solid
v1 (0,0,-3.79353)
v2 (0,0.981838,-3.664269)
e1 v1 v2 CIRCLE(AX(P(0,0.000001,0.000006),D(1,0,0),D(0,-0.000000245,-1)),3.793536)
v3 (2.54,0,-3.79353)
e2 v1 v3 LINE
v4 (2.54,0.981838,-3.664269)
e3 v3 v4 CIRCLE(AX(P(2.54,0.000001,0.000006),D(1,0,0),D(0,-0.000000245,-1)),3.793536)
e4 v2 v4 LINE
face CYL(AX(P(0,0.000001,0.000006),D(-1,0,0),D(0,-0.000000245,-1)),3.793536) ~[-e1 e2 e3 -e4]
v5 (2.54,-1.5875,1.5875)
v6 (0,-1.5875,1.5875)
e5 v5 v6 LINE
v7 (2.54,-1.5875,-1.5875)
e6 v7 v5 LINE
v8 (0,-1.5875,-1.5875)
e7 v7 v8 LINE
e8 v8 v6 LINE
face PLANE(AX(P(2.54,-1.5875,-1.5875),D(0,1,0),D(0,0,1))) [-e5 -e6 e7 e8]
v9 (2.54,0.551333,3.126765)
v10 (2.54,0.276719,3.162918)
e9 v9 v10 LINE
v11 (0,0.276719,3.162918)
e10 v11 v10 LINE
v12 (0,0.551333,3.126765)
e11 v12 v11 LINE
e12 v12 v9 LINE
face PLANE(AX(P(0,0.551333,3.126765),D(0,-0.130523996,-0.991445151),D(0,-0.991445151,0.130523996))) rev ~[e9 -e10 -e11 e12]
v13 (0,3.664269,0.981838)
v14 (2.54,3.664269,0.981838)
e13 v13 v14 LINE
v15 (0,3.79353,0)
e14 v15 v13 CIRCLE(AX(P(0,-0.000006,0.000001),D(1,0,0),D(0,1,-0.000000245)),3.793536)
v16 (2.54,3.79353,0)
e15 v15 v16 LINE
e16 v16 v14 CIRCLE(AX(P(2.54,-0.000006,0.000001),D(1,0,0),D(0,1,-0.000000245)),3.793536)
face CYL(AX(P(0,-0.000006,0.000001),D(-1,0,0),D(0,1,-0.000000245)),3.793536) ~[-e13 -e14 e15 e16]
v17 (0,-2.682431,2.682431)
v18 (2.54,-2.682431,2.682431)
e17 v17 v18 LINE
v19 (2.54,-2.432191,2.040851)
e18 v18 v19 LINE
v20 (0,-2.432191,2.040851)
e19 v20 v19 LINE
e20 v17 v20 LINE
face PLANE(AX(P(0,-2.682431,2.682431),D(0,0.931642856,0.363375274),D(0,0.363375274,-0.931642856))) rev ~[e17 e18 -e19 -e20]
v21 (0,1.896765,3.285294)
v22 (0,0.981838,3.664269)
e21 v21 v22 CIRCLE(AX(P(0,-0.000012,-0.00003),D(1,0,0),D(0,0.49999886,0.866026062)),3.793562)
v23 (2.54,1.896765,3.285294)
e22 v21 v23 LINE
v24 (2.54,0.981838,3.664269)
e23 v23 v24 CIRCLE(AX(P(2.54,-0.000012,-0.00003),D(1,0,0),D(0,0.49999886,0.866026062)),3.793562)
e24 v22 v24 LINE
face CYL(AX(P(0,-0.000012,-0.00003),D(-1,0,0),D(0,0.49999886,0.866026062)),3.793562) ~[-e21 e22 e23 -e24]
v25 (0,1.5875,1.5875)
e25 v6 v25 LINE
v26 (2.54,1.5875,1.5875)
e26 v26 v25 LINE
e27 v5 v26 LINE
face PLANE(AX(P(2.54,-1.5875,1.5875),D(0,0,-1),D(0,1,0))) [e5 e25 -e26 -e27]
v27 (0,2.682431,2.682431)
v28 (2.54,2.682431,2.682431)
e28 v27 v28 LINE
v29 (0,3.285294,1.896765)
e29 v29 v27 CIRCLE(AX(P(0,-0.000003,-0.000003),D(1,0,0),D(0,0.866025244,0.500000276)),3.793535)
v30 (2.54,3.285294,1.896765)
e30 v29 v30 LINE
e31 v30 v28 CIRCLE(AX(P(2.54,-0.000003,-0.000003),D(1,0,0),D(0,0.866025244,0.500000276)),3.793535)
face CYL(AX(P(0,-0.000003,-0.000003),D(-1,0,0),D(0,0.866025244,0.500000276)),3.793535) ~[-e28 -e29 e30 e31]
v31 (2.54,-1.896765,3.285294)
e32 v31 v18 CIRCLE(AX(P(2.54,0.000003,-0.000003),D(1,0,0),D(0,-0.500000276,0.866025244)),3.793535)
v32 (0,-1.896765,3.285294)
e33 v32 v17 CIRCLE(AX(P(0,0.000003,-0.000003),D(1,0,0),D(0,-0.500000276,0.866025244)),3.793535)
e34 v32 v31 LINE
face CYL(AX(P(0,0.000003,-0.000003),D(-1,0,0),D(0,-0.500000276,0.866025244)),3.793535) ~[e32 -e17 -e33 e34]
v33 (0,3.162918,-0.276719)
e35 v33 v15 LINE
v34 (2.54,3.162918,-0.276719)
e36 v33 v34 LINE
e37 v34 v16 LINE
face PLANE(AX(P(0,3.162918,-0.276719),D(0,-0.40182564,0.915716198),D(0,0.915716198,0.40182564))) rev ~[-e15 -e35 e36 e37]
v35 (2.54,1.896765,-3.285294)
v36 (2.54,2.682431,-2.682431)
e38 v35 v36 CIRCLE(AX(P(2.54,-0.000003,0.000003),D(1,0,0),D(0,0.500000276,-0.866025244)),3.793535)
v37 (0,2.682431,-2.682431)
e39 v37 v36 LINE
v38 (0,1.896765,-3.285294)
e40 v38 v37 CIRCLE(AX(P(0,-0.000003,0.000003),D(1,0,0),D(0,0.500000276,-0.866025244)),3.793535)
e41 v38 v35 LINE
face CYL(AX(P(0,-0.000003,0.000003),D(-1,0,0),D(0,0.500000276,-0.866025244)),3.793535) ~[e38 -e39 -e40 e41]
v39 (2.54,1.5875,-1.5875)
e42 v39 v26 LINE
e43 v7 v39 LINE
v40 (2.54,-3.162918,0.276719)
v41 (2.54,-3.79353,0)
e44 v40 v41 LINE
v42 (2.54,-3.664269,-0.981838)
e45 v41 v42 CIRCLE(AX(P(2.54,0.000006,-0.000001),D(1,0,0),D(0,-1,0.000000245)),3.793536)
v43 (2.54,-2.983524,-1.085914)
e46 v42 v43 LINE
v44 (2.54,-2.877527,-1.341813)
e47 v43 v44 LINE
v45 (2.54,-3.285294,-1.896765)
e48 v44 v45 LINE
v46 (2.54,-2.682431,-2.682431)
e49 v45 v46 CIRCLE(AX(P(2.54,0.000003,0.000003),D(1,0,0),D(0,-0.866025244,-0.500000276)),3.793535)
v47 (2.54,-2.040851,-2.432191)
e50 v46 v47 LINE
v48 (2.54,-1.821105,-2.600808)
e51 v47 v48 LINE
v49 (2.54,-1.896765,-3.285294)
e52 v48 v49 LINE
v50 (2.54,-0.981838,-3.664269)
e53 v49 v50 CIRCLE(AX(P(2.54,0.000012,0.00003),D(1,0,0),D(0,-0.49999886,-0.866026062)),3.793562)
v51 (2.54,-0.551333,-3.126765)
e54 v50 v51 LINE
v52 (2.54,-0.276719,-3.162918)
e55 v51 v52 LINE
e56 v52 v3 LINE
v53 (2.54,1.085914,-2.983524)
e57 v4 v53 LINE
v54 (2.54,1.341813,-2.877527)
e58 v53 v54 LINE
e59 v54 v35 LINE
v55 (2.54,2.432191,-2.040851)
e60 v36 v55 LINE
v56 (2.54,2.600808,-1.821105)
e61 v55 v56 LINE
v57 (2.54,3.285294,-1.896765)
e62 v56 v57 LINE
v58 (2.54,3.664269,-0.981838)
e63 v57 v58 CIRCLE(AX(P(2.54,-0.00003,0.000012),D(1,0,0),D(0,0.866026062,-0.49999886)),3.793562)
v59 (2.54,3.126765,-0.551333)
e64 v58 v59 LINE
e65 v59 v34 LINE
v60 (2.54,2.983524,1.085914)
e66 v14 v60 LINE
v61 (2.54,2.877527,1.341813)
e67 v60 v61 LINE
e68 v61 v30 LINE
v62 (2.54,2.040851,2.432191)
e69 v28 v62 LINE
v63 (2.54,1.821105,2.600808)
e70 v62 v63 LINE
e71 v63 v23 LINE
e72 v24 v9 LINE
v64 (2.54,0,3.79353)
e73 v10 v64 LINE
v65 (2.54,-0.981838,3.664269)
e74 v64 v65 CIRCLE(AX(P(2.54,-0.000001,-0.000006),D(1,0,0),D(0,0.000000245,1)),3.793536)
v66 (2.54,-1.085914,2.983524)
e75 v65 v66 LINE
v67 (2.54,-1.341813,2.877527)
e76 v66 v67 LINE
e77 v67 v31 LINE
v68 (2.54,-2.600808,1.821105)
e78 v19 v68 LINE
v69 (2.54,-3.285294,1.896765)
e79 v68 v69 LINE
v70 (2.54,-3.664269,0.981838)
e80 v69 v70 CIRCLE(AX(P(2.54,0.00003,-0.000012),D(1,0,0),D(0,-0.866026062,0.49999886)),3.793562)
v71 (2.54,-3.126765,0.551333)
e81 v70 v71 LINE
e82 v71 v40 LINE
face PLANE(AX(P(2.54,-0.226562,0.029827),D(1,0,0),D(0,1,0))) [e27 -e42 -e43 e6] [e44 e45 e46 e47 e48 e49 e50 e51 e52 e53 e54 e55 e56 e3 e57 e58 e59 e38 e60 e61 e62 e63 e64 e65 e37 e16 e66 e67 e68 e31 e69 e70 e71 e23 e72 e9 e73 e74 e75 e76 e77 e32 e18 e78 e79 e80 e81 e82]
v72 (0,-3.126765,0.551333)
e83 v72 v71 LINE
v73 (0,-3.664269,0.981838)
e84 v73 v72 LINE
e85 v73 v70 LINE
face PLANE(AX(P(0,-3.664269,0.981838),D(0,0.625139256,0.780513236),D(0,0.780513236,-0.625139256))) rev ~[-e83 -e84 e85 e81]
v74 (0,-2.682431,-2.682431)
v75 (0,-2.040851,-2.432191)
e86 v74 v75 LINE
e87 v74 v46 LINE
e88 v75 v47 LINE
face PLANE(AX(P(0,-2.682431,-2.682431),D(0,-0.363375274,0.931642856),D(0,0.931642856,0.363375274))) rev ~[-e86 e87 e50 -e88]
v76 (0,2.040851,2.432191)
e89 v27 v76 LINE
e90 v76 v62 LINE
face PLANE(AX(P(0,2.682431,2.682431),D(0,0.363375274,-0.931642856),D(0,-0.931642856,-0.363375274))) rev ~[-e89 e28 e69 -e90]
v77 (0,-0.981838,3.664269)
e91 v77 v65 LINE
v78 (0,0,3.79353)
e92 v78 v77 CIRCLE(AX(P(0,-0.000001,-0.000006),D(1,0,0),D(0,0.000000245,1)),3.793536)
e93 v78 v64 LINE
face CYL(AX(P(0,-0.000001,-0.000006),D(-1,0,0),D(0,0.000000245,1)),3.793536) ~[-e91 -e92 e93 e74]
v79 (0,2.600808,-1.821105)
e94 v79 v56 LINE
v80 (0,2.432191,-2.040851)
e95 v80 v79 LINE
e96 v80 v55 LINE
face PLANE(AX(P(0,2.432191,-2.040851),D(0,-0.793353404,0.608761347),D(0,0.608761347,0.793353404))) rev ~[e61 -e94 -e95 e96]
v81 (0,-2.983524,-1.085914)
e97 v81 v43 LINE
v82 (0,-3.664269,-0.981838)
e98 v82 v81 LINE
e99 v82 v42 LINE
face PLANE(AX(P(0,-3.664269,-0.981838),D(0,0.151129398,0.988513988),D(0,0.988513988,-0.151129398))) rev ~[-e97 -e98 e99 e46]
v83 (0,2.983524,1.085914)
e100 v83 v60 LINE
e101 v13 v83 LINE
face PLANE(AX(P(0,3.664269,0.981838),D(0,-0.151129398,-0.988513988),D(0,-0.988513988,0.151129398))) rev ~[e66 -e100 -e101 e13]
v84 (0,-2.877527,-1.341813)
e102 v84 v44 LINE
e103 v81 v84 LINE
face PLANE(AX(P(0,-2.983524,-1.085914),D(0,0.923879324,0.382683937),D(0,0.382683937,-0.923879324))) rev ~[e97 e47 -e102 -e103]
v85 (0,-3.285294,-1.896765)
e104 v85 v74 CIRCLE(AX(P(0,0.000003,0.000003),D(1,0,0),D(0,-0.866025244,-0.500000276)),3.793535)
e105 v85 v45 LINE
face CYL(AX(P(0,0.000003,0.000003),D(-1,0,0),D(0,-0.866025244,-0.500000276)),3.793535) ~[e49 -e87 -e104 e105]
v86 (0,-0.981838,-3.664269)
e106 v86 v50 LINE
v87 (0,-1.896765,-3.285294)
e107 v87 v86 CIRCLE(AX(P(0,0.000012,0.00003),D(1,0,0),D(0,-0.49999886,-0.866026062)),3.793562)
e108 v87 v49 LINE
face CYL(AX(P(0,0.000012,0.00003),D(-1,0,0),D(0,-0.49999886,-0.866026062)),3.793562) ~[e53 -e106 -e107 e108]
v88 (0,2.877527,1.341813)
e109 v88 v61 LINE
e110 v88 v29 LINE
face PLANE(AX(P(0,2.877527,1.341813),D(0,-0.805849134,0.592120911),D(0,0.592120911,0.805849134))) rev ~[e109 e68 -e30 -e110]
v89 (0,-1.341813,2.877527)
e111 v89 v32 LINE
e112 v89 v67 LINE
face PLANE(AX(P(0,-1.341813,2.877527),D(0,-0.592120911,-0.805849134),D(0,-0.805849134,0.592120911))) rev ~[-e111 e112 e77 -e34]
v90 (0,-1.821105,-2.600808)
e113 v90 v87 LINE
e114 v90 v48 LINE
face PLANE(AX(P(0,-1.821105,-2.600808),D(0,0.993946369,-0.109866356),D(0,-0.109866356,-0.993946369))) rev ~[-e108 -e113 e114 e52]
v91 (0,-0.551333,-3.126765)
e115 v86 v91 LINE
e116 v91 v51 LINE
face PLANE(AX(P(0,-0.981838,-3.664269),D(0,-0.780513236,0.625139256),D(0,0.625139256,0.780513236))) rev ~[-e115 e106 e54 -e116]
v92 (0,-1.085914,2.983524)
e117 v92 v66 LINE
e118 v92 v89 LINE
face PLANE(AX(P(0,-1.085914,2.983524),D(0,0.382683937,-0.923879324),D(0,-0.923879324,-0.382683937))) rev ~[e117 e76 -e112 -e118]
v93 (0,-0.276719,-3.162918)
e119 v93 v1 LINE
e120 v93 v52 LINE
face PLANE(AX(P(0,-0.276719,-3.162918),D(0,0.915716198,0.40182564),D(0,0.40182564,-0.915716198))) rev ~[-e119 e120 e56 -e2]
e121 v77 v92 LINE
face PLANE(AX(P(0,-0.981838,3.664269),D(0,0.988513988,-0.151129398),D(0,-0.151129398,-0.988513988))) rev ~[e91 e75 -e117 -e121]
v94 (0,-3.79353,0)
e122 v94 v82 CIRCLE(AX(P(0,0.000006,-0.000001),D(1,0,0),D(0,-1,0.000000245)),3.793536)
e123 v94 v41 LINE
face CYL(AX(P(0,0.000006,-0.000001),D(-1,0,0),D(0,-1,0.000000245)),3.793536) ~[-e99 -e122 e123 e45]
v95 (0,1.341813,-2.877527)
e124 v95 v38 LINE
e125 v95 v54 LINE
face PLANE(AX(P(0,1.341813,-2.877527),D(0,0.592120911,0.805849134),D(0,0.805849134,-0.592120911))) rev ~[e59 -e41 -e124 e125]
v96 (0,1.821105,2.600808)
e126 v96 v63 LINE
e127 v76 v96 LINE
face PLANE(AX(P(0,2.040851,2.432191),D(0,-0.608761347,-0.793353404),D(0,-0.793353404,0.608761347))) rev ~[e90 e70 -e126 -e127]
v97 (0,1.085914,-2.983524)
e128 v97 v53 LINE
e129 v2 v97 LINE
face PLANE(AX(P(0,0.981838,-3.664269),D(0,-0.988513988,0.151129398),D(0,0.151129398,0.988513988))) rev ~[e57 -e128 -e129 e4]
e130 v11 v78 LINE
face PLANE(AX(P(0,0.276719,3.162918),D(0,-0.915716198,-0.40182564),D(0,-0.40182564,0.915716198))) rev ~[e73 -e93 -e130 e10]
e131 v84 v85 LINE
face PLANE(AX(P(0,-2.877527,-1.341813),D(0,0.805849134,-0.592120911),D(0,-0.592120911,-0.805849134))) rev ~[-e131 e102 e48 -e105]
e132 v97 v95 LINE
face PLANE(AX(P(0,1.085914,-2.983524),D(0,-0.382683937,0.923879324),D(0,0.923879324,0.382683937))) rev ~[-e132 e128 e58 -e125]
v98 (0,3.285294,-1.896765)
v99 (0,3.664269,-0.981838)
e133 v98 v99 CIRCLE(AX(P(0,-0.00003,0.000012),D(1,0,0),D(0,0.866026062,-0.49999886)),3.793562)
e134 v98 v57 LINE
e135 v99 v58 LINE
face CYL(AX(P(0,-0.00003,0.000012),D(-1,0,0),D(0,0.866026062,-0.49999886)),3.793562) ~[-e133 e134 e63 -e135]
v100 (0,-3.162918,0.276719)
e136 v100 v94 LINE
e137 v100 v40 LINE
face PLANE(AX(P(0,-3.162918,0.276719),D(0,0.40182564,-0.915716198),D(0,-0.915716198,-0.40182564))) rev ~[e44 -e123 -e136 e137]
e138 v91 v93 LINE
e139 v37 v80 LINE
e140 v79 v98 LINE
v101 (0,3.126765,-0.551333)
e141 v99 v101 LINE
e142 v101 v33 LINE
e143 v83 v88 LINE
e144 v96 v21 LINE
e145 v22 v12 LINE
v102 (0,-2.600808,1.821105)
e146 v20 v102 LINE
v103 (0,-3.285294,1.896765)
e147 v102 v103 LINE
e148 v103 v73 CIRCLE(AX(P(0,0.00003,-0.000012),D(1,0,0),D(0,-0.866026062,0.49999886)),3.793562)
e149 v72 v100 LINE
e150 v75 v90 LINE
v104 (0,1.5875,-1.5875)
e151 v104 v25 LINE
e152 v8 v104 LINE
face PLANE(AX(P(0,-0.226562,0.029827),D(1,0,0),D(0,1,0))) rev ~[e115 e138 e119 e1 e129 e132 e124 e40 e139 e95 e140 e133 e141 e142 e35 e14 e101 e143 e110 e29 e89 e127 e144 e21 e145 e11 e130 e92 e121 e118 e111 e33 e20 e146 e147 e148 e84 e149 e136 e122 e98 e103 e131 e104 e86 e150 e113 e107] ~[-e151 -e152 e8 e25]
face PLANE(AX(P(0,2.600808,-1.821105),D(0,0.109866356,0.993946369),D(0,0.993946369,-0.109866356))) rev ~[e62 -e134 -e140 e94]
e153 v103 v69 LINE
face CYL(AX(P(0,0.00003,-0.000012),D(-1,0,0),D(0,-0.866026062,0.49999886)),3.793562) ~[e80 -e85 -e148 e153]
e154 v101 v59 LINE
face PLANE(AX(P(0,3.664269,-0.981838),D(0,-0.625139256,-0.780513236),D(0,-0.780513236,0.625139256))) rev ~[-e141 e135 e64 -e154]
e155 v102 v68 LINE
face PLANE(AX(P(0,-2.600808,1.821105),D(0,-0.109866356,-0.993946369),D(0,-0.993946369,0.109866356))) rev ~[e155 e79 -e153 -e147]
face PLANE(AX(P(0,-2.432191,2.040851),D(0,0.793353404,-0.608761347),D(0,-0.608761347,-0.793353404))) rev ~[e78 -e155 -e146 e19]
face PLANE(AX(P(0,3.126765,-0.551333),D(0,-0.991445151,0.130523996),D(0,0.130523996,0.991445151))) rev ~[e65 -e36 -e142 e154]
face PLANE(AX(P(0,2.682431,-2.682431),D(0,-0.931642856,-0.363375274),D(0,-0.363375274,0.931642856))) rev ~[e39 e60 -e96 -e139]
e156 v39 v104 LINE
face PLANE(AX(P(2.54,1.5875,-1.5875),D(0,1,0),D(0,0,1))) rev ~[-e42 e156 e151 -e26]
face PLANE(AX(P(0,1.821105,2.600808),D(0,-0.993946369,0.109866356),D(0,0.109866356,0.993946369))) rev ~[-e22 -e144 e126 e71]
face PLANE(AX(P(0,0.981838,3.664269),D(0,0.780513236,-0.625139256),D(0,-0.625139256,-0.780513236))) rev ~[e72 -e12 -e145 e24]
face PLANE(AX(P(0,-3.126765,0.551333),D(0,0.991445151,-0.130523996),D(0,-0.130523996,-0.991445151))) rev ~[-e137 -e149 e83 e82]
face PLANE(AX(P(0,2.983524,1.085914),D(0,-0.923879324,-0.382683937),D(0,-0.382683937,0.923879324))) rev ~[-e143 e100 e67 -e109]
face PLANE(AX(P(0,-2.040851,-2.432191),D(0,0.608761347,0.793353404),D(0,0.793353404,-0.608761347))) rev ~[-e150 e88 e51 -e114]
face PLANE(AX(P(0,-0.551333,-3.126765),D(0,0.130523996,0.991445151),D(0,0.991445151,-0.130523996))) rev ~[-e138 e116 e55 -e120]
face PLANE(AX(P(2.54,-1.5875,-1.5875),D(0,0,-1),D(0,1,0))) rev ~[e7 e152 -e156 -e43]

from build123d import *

# Parameters (mm, degrees)
F1_DEPTH = 2.54
F2_W     = 3.175
F2_H     = 3.175
F3_DEPTH = 25.4


with BuildPart() as f1:
    # F0 (on Right) → F1 (new body)
    with BuildSketch(Plane.YZ):
        with BuildLine():
            Line((-3.664269, 0.981838), (0, 0))
            Line((0, 0), (-3.79353, 0))
            ThreePointArc((-3.79353, 0), (-3.761076, -0.495155), (-3.664269, -0.981838))
            Line((-3.664269, -0.981838), (-2.983524, -1.085914))
            Line((-2.983524, -1.085914), (-2.877527, -1.341813))
            Line((-2.877527, -1.341813), (-3.285294, -1.896765))
            ThreePointArc((-3.285294, -1.896765), (-3.00961, -2.309355), (-2.682431, -2.682431))
            Line((-2.682431, -2.682431), (-2.040851, -2.432191))
            Line((-2.040851, -2.432191), (-1.821105, -2.600808))
            Line((-1.821105, -2.600808), (-1.896765, -3.285294))
            ThreePointArc((-1.896765, -3.285294), (-1.451721, -3.504765), (-0.981838, -3.664269))
            Line((-0.981838, -3.664269), (-0.551333, -3.126765))
            Line((-0.551333, -3.126765), (-0.276719, -3.162918))
            Line((-0.276719, -3.162918), (0, -3.79353))
            ThreePointArc((0, -3.79353), (0.495155, -3.761076), (0.981838, -3.664269))
            Line((0.981838, -3.664269), (1.085914, -2.983524))
            Line((1.085914, -2.983524), (1.341813, -2.877527))
            Line((1.341813, -2.877527), (1.896765, -3.285294))
            ThreePointArc((1.896765, -3.285294), (2.309355, -3.00961), (2.682431, -2.682431))
            Line((2.682431, -2.682431), (2.432191, -2.040851))
            Line((2.432191, -2.040851), (2.600808, -1.821105))
            Line((2.600808, -1.821105), (3.285294, -1.896765))
            ThreePointArc((3.285294, -1.896765), (3.504765, -1.451721), (3.664269, -0.981838))
            Line((3.664269, -0.981838), (3.126765, -0.551333))
            Line((3.126765, -0.551333), (3.162918, -0.276719))
            Line((3.162918, -0.276719), (3.79353, 0))
            ThreePointArc((3.79353, 0), (3.761076, 0.495155), (3.664269, 0.981838))
            Line((3.664269, 0.981838), (2.983524, 1.085914))
            Line((2.983524, 1.085914), (2.877527, 1.341813))
            Line((2.877527, 1.341813), (3.285294, 1.896765))
            ThreePointArc((3.285294, 1.896765), (3.00961, 2.309355), (2.682431, 2.682431))
            Line((2.682431, 2.682431), (2.040851, 2.432191))
            Line((2.040851, 2.432191), (1.821105, 2.600808))
            Line((1.821105, 2.600808), (1.896765, 3.285294))
            ThreePointArc((1.896765, 3.285294), (1.451721, 3.504765), (0.981838, 3.664269))
            Line((0.981838, 3.664269), (0.551333, 3.126765))
            Line((0.551333, 3.126765), (0.276719, 3.162918))
            Line((0.276719, 3.162918), (0, 3.79353))
            ThreePointArc((0, 3.79353), (-0.495155, 3.761076), (-0.981838, 3.664269))
            Line((-0.981838, 3.664269), (-1.085914, 2.983524))
            Line((-1.085914, 2.983524), (-1.341813, 2.877527))
            Line((-1.341813, 2.877527), (-1.896765, 3.285294))
            ThreePointArc((-1.896765, 3.285294), (-2.309355, 3.00961), (-2.682431, 2.682431))
            Line((-2.682431, 2.682431), (-2.432191, 2.040851))
            Line((-2.432191, 2.040851), (-2.600808, 1.821105))
            Line((-2.600808, 1.821105), (-3.285294, 1.896765))
            ThreePointArc((-3.285294, 1.896765), (-3.504765, 1.451721), (-3.664269, 0.981838))
        make_face()
        Polygon((-3.79353, 0), (0, 0), (-3.162918, 0.276719), align=None)
        Polygon((-3.162918, 0.276719), (0, 0), (-3.126765, 0.551333), align=None)
        Polygon((-3.126765, 0.551333), (0, 0), (-3.664269, 0.981838), align=None)
    extrude(amount=F1_DEPTH)

    # F2 (on face) → F3 (cut)
    with BuildSketch(Plane.YZ.offset(2.54)):
        Rectangle(F2_W, F2_H)
    extrude(amount=-F3_DEPTH, mode=Mode.SUBTRACT)


solid = f1.part
